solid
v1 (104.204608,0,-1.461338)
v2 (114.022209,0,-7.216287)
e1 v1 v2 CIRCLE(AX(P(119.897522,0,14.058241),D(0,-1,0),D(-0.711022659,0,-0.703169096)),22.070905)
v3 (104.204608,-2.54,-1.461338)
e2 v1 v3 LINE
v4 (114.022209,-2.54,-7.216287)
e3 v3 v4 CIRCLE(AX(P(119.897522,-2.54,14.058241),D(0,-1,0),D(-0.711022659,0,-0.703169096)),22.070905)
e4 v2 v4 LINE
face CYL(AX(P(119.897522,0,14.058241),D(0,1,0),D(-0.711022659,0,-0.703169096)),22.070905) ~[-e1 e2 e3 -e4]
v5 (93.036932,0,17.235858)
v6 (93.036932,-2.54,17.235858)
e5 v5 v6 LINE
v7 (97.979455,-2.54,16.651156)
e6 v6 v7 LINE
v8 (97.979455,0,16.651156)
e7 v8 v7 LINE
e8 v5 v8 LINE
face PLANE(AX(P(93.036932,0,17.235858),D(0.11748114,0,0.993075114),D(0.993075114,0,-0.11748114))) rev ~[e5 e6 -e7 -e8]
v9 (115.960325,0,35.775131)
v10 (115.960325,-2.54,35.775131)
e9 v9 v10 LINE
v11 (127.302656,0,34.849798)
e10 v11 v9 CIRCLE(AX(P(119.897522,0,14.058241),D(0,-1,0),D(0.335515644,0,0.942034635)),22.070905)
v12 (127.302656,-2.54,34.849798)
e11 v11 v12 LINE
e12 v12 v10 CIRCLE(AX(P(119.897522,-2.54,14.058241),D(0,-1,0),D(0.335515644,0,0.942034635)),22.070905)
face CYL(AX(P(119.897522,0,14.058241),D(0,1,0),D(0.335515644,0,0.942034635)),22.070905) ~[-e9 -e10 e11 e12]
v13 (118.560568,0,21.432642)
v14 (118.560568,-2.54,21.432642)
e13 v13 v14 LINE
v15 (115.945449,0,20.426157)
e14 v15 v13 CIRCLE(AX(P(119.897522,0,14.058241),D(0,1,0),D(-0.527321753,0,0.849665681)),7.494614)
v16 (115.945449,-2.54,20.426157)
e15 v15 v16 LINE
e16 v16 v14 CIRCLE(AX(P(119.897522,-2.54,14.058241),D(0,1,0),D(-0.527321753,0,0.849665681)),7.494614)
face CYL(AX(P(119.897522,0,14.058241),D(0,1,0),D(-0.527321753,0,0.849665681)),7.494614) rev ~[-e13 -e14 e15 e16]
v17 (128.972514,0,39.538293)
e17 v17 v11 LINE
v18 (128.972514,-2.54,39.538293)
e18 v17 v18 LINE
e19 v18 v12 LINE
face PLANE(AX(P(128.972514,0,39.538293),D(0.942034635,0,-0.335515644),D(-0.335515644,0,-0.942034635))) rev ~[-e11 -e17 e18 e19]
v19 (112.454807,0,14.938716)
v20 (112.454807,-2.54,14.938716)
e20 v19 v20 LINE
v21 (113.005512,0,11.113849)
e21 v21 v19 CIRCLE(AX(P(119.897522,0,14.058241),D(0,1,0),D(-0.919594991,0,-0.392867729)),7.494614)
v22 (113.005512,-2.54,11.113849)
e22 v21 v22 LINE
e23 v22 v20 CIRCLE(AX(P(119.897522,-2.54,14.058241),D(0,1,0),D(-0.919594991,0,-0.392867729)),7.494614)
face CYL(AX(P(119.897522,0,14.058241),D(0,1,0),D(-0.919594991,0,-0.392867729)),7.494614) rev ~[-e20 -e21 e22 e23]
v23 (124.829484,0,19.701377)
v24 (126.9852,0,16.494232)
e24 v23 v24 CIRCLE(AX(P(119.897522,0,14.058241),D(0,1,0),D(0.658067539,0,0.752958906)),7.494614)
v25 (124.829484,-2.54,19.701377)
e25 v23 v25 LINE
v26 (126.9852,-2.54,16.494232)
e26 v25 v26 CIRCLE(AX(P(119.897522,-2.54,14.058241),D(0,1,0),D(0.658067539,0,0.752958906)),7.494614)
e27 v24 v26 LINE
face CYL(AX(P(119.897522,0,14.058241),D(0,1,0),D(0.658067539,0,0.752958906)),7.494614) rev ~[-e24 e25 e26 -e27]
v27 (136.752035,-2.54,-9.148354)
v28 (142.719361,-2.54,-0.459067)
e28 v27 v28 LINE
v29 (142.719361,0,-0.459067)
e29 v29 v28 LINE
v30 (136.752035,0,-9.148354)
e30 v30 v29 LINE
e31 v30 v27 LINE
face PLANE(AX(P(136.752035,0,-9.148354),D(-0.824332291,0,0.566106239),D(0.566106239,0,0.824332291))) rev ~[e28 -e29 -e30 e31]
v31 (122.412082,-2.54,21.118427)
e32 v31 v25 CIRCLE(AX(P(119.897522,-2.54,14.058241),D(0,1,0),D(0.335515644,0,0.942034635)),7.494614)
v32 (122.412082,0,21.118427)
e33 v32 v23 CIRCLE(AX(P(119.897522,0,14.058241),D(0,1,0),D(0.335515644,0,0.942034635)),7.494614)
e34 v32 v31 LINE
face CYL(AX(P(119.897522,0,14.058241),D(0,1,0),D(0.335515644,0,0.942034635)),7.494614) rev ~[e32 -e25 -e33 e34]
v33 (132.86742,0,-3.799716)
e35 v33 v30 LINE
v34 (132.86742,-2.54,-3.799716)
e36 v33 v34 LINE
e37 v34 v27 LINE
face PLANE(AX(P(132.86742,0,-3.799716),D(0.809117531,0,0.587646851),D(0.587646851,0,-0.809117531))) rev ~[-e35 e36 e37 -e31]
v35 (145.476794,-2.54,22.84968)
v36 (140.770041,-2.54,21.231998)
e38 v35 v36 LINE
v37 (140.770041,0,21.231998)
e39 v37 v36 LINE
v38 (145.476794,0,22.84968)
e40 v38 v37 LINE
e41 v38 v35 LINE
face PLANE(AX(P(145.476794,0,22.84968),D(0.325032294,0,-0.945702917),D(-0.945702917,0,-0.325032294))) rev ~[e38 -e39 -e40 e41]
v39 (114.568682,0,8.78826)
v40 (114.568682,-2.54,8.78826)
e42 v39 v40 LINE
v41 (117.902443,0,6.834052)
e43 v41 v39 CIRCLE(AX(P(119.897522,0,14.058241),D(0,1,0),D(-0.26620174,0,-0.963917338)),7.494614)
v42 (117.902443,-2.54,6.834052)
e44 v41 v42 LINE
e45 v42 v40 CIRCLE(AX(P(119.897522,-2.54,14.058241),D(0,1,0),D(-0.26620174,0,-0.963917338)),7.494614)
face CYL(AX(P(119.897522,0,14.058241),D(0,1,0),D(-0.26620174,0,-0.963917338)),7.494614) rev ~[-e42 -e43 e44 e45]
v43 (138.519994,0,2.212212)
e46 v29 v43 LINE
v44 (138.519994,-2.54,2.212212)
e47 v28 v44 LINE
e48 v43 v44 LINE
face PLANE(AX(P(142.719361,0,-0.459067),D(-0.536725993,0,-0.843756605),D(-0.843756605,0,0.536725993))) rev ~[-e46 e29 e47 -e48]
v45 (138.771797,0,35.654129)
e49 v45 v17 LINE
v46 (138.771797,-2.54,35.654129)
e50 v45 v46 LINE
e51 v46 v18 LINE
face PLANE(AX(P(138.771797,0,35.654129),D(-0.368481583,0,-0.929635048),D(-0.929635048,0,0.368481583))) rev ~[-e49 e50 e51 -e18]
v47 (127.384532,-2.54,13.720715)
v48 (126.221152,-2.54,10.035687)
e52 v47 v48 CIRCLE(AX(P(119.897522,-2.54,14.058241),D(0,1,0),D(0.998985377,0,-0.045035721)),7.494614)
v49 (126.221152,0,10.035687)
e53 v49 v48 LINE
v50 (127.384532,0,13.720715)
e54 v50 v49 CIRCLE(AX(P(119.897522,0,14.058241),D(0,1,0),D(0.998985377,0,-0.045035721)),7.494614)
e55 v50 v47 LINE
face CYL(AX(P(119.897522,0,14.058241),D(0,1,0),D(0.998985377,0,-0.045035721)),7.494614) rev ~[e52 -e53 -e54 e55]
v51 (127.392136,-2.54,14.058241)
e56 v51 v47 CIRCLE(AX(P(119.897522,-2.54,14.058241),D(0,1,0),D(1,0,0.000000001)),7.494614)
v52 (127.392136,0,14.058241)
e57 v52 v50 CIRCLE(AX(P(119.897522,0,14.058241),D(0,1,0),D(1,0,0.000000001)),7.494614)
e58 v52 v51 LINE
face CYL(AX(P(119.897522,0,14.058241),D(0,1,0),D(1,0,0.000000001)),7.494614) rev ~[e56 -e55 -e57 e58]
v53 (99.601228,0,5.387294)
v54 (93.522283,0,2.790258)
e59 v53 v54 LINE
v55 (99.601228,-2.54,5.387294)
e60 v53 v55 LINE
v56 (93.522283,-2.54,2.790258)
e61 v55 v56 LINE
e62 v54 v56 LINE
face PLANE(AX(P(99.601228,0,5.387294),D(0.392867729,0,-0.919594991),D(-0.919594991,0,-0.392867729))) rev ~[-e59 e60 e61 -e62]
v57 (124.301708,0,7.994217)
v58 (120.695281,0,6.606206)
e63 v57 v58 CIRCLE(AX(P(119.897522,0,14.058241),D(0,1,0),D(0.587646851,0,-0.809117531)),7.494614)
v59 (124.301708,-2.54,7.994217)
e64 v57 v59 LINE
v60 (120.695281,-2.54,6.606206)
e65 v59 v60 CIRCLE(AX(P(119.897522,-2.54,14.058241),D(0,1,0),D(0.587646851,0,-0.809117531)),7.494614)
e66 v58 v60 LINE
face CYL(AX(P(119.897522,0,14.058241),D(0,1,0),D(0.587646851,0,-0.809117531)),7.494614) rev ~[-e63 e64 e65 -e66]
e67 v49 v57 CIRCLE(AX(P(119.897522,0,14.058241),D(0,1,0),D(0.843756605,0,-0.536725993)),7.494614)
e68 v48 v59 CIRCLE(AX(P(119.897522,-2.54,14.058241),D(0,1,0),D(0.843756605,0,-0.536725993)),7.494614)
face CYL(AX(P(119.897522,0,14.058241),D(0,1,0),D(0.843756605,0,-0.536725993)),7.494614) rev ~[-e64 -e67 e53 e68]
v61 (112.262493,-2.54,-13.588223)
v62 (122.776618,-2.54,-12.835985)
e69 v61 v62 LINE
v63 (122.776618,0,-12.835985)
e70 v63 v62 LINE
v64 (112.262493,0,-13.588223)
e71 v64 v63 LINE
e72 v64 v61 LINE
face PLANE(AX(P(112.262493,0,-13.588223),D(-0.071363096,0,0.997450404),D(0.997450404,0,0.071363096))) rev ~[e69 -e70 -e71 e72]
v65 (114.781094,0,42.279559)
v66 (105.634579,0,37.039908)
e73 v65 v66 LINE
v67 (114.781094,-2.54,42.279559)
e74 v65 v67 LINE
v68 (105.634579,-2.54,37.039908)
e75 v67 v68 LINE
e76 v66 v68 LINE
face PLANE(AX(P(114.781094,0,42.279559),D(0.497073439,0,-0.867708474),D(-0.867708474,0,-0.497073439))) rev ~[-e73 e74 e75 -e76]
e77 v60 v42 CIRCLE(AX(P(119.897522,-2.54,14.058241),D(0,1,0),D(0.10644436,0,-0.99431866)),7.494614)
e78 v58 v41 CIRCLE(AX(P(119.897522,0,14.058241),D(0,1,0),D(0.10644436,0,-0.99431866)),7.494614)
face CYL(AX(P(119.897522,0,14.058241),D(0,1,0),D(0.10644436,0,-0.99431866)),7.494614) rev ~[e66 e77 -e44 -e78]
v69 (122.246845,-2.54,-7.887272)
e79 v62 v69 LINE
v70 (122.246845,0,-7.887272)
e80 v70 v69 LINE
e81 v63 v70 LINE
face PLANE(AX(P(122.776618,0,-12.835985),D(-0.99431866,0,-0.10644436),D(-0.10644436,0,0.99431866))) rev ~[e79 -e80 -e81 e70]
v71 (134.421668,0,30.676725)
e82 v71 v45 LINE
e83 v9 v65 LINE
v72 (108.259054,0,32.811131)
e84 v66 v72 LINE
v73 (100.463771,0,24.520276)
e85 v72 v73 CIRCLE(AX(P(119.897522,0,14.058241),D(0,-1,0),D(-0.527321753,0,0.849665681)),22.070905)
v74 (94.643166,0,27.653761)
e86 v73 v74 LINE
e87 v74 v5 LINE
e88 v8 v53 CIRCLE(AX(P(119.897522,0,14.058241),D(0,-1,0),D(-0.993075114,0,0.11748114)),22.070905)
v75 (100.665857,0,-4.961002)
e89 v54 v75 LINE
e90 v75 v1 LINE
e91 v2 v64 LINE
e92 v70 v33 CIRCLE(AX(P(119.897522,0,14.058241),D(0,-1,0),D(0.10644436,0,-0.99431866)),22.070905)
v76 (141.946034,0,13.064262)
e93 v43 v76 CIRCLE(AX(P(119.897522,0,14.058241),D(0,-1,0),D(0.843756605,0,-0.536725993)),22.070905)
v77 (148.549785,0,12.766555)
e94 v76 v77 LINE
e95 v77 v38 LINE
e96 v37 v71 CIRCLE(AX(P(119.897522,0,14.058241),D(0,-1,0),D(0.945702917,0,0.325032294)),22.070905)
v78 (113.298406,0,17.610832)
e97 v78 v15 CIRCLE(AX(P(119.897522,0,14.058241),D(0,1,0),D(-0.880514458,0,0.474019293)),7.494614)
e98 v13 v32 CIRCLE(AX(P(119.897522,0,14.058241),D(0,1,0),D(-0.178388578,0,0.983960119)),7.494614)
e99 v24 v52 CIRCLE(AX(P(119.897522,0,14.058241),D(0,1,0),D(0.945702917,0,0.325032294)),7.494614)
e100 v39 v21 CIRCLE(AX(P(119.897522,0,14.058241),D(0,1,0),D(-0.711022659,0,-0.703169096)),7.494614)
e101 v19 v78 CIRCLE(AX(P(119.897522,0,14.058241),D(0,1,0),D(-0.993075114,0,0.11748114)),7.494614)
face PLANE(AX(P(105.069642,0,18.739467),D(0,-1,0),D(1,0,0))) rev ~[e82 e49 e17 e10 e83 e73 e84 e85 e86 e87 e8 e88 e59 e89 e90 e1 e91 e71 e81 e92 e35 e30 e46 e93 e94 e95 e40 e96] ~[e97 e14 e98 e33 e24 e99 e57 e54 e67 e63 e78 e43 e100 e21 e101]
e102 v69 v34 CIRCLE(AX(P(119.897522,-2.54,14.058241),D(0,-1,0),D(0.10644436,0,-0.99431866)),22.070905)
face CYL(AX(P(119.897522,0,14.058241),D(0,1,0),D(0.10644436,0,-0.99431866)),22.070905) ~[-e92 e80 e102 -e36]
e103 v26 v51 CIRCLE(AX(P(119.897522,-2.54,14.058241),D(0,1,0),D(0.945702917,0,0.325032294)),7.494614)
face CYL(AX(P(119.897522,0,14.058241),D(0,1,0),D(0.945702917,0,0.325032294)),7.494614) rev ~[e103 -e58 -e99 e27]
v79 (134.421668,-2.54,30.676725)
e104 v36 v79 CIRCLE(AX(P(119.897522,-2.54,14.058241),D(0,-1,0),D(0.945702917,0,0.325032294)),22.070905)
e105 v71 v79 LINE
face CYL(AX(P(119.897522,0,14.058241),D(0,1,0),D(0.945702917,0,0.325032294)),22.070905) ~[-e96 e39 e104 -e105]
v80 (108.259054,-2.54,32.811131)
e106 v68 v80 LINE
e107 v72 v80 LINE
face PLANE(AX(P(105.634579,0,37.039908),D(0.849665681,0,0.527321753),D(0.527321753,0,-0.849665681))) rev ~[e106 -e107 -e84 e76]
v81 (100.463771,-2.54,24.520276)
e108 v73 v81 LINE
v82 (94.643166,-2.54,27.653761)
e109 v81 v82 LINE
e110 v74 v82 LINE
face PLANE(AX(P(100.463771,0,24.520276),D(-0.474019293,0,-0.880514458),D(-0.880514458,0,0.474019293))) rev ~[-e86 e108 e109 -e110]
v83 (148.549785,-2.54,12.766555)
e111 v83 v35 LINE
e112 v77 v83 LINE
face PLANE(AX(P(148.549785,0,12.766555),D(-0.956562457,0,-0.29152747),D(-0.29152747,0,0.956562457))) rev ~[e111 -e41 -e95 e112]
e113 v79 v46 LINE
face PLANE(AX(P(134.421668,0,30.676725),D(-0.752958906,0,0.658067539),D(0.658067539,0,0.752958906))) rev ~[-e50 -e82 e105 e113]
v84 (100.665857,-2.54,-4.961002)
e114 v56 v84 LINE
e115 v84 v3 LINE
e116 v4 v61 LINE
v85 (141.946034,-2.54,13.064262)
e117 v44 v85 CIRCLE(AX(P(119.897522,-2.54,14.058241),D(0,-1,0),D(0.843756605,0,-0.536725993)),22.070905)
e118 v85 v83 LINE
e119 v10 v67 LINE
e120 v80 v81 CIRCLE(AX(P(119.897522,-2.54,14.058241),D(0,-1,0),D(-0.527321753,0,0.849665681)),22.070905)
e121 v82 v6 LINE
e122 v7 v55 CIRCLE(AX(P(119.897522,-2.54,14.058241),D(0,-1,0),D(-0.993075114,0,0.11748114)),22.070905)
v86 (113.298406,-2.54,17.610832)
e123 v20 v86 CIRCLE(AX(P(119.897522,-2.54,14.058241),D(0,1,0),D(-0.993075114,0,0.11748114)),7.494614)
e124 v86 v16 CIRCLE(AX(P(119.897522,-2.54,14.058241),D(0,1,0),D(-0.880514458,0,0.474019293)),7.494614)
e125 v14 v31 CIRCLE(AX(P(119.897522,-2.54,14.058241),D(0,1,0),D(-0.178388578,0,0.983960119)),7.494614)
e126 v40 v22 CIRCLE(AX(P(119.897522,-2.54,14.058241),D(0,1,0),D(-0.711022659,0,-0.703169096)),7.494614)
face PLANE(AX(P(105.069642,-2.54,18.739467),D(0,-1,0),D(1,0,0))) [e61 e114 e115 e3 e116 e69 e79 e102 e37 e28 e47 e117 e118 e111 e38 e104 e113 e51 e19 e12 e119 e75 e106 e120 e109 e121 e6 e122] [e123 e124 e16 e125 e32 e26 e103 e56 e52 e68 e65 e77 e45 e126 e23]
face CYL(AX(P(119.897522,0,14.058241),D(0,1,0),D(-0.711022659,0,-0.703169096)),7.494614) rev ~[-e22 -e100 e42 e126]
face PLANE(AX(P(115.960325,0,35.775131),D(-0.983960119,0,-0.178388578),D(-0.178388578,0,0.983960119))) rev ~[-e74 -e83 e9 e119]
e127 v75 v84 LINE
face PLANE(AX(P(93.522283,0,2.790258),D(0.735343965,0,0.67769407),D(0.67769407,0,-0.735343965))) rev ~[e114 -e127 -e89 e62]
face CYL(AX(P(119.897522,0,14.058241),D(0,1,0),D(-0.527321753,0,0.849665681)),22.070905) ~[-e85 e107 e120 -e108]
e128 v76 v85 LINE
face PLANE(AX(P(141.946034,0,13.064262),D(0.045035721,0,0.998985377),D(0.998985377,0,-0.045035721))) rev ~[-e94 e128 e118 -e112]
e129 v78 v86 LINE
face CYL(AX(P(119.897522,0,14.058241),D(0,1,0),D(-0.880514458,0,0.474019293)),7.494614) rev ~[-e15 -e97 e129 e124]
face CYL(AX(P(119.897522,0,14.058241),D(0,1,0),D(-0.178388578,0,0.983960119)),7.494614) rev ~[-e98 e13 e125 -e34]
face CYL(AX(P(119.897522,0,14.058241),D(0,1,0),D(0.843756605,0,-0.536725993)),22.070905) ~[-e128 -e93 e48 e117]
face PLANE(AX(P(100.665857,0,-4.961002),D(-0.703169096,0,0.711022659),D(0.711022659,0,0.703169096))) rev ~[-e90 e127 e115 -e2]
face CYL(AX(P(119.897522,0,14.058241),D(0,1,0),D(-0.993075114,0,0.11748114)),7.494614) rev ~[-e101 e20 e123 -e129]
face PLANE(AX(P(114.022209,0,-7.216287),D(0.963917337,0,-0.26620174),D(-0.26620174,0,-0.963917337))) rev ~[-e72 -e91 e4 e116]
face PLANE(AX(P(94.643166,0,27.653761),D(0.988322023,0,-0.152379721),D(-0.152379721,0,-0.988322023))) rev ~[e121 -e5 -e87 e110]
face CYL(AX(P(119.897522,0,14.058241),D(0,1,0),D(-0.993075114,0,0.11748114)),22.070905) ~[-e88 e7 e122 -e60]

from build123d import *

# Parameters (mm, degrees)
F1_DEPTH = 2.54


with BuildPart() as f1:
    # F0 (on Front) → F1 (new body)
    with BuildSketch(Plane.XZ):
        with BuildLine():
            ThreePointArc((100.4637709835, 24.5202755292), (98.8505752827, 20.7028539466), (97.9794554163, 16.6511557734))
            Line((97.9794554163, 16.6511557734), (112.4548073042, 14.9387164914))
            ThreePointArc((112.4548073042, 14.9387164914), (112.750613352, 16.3145510573), (113.2984059841, 17.610832355))
            Line((113.2984059841, 17.610832355), (100.4637709835, 24.5202755292))
        make_face()
        with BuildLine():
            Line((94.6431664801, 27.6537605137), (93.0369318411, 17.235858072))
            Line((93.0369318411, 17.235858072), (97.9794554163, 16.6511557734))
            ThreePointArc((97.9794554163, 16.6511557734), (98.8505752827, 20.7028539466), (100.4637709835, 24.5202755292))
            Line((100.4637709835, 24.5202755292), (94.6431664801, 27.6537605137))
        make_face()
        with BuildLine():
            ThreePointArc((108.2590536648, 32.8111313165), (103.8178678916, 29.1767583261), (100.4637709835, 24.5202755292))
            Line((100.4637709835, 24.5202755292), (113.2984059841, 17.610832355))
            ThreePointArc((113.2984059841, 17.610832355), (114.4373561887, 19.1920335485), (115.9454490028, 20.4261570621))
            Line((115.9454490028, 20.4261570621), (108.2590536648, 32.8111313165))
        make_face()
        with BuildLine():
            Line((105.6345792851, 37.0399077708), (108.2590536648, 32.8111313165))
            ThreePointArc((108.2590536648, 32.8111313165), (111.969933207, 34.6562548711), (115.96032465, 35.7751311111))
            Line((115.96032465, 35.7751311111), (114.7810943121, 42.2795588909))
            Line((114.7810943121, 42.2795588909), (105.6345792851, 37.0399077708))
        make_face()
        with BuildLine():
            ThreePointArc((115.96032465, 35.7751311111), (111.969933207, 34.6562548711), (108.2590536648, 32.8111313165))
            Line((108.2590536648, 32.8111313165), (115.9454490028, 20.4261570621))
            ThreePointArc((115.9454490028, 20.4261570621), (117.2055518352, 21.0527054022), (118.5605684835, 21.432642046))
            Line((118.5605684835, 21.432642046), (115.96032465, 35.7751311111))
        make_face()
        with BuildLine():
            ThreePointArc((127.3026559755, 34.8497977282), (121.6921547148, 36.0560620894), (115.96032465, 35.7751311111))
            Line((115.96032465, 35.7751311111), (118.5605684835, 21.432642046))
            ThreePointArc((118.5605684835, 21.432642046), (120.5069251941, 21.5280377379), (122.4120823002, 21.1184267223))
            Line((122.4120823002, 21.1184267223), (127.3026559755, 34.8497977282))
        make_face()
        with BuildLine():
            Line((128.9725135288, 39.5382934166), (127.3026559755, 34.8497977282))
            ThreePointArc((127.3026559755, 34.8497977282), (131.05892721, 33.0989309939), (134.4216682495, 30.6767252615))
            Line((134.4216682495, 30.6767252615), (138.7717965735, 35.6541290524))
            Line((138.7717965735, 35.6541290524), (128.9725135288, 39.5382934166))
        make_face()
        with BuildLine():
            ThreePointArc((127.3921361091, 14.0582406893), (127.3902348164, 13.8894351928), (127.3845319028, 13.7207153441))
            Line((127.3845319028, 13.7207153441), (141.9460335089, 13.0642615738))
            ThreePointArc((141.9460335089, 13.0642615738), (141.9628280312, 13.5611250194), (141.9684271523, 14.0582406893))
            ThreePointArc((141.9684271523, 14.0582406893), (141.6667692307, 17.6948227702), (140.7700413898, 21.2319976191))
            Line((140.7700413898, 21.2319976191), (126.9852004281, 16.4942322981))
            ThreePointArc((126.9852004281, 16.4942322981), (127.2897021721, 15.2931143434), (127.3921361091, 14.0582406893))
        make_face()
        with BuildLine():
            ThreePointArc((141.9684271523, 14.0582406893), (141.9628280312, 13.5611250194), (141.9460335089, 13.0642615738))
            Line((141.9460335089, 13.0642615738), (148.5497851403, 12.7665548006))
            Line((148.5497851403, 12.7665548006), (145.4767940795, 22.8496796605))
            Line((145.4767940795, 22.8496796605), (140.7700413898, 21.2319976191))
            ThreePointArc((140.7700413898, 21.2319976191), (141.6667692307, 17.6948227702), (141.9684271523, 14.0582406893))
        make_face()
        with BuildLine():
            ThreePointArc((124.829484274, 19.7013771051), (126.1176011891, 18.2391323936), (126.9852004281, 16.4942322981))
            Line((126.9852004281, 16.4942322981), (140.7700413898, 21.2319976191))
            ThreePointArc((140.7700413898, 21.2319976191), (138.2150465242, 26.3705576648), (134.4216682495, 30.6767252615))
            Line((134.4216682495, 30.6767252615), (124.829484274, 19.7013771051))
        make_face()
        with BuildLine():
            ThreePointArc((127.3845319028, 13.7207153441), (127.0444307125, 11.8019303214), (126.2211521617, 10.0356865073))
            Line((126.2211521617, 10.0356865073), (138.519994006, 2.2122122239))
            ThreePointArc((138.519994006, 2.2122122239), (140.9444687818, 7.4136274321), (141.9460335089, 13.0642615738))
            Line((141.9460335089, 13.0642615738), (127.3845319028, 13.7207153441))
        make_face()
        with BuildLine():
            ThreePointArc((138.519994006, 2.2122122239), (135.977176173, -1.0602769474), (132.8674199187, -3.7997155664))
            Line((132.8674199187, -3.7997155664), (136.7520351871, -9.1483536313))
            Line((136.7520351871, -9.1483536313), (142.7193610565, -0.4590669536))
            Line((142.7193610565, -0.4590669536), (138.519994006, 2.2122122239))
        make_face()
        with BuildLine():
            ThreePointArc((126.2211521617, 10.0356865073), (125.3576878759, 8.9244478301), (124.3017083919, 7.9942170523))
            Line((124.3017083919, 7.9942170523), (132.8674199187, -3.7997155664))
            ThreePointArc((132.8674199187, -3.7997155664), (135.977176173, -1.0602769474), (138.519994006, 2.2122122239))
            Line((138.519994006, 2.2122122239), (126.2211521617, 10.0356865073))
        make_face()
        with BuildLine():
            ThreePointArc((124.3017083919, 7.9942170523), (122.5894922293, 7.0637759765), (120.6952814292, 6.6062060608))
            Line((120.6952814292, 6.6062060608), (122.2468453968, -7.8872721218))
            ThreePointArc((122.2468453968, -7.8872721218), (127.8251108575, -6.5397734925), (132.8674199187, -3.7997155664))
            Line((132.8674199187, -3.7997155664), (124.3017083919, 7.9942170523))
        make_face()
        with BuildLine():
            ThreePointArc((122.2468453968, -7.8872721218), (118.1028893498, -7.9395807108), (114.0222086823, -7.2162874102))
            Line((114.0222086823, -7.2162874102), (112.2624930588, -13.5882232116))
            Line((112.2624930588, -13.5882232116), (122.7766177676, -12.8359848135))
            Line((122.7766177676, -12.8359848135), (122.2468453968, -7.8872721218))
        make_face()
        with BuildLine():
            ThreePointArc((120.6952814292, 6.6062060608), (119.2881188704, 6.5884436408), (117.9024427231, 6.8340522428))
            Line((117.9024427231, 6.8340522428), (114.0222086823, -7.2162874102))
            ThreePointArc((114.0222086823, -7.2162874102), (118.1028893498, -7.9395807108), (122.2468453968, -7.8872721218))
            Line((122.2468453968, -7.8872721218), (120.6952814292, 6.6062060608))
        make_face()
        with BuildLine():
            Line((114.5686815996, 8.7882596833), (104.2046083767, -1.4613377139))
            ThreePointArc((104.2046083767, -1.4613377139), (108.7361168545, -4.9824496152), (114.0222086823, -7.2162874102))
            Line((114.0222086823, -7.2162874102), (117.9024427231, 6.8340522428))
            ThreePointArc((117.9024427231, 6.8340522428), (116.1074452815, 7.5925962215), (114.5686815996, 8.7882596833))
        make_face()
        with BuildLine():
            Line((113.0055124663, 11.1138486801), (99.601228233, 5.3872943263))
            ThreePointArc((99.601228233, 5.3872943263), (101.5799975403, 1.7459237139), (104.2046083767, -1.4613377139))
            Line((104.2046083767, -1.4613377139), (114.5686815996, 8.7882596833))
            ThreePointArc((114.5686815996, 8.7882596833), (113.6774428754, 9.877348985), (113.0055124663, 11.1138486801))
        make_face()
        with BuildLine():
            ThreePointArc((104.2046083767, -1.4613377139), (101.5799975403, 1.7459237139), (99.601228233, 5.3872943263))
            Line((99.601228233, 5.3872943263), (93.5222834738, 2.7902584107))
            Line((93.5222834738, 2.7902584107), (100.6658566672, -4.9610023275))
            Line((100.6658566672, -4.9610023275), (104.2046083767, -1.4613377139))
        make_face()
        with BuildLine():
            Line((112.4548073042, 14.9387164914), (97.9794554163, 16.6511557734))
            ThreePointArc((97.9794554163, 16.6511557734), (98.0518886015, 10.9129024207), (99.601228233, 5.3872943263))
            Line((99.601228233, 5.3872943263), (113.0055124663, 11.1138486801))
            ThreePointArc((113.0055124663, 11.1138486801), (112.4794034305, 12.9901786259), (112.4548073042, 14.9387164914))
        make_face()
        with BuildLine():
            ThreePointArc((122.4120823002, 21.1184267223), (123.687598783, 20.5238851572), (124.829484274, 19.7013771051))
            Line((124.829484274, 19.7013771051), (134.4216682495, 30.6767252615))
            ThreePointArc((134.4216682495, 30.6767252615), (131.05892721, 33.0989309939), (127.3026559755, 34.8497977282))
            Line((127.3026559755, 34.8497977282), (122.4120823002, 21.1184267223))
        make_face()
    extrude(amount=F1_DEPTH)


solid = f1.part
